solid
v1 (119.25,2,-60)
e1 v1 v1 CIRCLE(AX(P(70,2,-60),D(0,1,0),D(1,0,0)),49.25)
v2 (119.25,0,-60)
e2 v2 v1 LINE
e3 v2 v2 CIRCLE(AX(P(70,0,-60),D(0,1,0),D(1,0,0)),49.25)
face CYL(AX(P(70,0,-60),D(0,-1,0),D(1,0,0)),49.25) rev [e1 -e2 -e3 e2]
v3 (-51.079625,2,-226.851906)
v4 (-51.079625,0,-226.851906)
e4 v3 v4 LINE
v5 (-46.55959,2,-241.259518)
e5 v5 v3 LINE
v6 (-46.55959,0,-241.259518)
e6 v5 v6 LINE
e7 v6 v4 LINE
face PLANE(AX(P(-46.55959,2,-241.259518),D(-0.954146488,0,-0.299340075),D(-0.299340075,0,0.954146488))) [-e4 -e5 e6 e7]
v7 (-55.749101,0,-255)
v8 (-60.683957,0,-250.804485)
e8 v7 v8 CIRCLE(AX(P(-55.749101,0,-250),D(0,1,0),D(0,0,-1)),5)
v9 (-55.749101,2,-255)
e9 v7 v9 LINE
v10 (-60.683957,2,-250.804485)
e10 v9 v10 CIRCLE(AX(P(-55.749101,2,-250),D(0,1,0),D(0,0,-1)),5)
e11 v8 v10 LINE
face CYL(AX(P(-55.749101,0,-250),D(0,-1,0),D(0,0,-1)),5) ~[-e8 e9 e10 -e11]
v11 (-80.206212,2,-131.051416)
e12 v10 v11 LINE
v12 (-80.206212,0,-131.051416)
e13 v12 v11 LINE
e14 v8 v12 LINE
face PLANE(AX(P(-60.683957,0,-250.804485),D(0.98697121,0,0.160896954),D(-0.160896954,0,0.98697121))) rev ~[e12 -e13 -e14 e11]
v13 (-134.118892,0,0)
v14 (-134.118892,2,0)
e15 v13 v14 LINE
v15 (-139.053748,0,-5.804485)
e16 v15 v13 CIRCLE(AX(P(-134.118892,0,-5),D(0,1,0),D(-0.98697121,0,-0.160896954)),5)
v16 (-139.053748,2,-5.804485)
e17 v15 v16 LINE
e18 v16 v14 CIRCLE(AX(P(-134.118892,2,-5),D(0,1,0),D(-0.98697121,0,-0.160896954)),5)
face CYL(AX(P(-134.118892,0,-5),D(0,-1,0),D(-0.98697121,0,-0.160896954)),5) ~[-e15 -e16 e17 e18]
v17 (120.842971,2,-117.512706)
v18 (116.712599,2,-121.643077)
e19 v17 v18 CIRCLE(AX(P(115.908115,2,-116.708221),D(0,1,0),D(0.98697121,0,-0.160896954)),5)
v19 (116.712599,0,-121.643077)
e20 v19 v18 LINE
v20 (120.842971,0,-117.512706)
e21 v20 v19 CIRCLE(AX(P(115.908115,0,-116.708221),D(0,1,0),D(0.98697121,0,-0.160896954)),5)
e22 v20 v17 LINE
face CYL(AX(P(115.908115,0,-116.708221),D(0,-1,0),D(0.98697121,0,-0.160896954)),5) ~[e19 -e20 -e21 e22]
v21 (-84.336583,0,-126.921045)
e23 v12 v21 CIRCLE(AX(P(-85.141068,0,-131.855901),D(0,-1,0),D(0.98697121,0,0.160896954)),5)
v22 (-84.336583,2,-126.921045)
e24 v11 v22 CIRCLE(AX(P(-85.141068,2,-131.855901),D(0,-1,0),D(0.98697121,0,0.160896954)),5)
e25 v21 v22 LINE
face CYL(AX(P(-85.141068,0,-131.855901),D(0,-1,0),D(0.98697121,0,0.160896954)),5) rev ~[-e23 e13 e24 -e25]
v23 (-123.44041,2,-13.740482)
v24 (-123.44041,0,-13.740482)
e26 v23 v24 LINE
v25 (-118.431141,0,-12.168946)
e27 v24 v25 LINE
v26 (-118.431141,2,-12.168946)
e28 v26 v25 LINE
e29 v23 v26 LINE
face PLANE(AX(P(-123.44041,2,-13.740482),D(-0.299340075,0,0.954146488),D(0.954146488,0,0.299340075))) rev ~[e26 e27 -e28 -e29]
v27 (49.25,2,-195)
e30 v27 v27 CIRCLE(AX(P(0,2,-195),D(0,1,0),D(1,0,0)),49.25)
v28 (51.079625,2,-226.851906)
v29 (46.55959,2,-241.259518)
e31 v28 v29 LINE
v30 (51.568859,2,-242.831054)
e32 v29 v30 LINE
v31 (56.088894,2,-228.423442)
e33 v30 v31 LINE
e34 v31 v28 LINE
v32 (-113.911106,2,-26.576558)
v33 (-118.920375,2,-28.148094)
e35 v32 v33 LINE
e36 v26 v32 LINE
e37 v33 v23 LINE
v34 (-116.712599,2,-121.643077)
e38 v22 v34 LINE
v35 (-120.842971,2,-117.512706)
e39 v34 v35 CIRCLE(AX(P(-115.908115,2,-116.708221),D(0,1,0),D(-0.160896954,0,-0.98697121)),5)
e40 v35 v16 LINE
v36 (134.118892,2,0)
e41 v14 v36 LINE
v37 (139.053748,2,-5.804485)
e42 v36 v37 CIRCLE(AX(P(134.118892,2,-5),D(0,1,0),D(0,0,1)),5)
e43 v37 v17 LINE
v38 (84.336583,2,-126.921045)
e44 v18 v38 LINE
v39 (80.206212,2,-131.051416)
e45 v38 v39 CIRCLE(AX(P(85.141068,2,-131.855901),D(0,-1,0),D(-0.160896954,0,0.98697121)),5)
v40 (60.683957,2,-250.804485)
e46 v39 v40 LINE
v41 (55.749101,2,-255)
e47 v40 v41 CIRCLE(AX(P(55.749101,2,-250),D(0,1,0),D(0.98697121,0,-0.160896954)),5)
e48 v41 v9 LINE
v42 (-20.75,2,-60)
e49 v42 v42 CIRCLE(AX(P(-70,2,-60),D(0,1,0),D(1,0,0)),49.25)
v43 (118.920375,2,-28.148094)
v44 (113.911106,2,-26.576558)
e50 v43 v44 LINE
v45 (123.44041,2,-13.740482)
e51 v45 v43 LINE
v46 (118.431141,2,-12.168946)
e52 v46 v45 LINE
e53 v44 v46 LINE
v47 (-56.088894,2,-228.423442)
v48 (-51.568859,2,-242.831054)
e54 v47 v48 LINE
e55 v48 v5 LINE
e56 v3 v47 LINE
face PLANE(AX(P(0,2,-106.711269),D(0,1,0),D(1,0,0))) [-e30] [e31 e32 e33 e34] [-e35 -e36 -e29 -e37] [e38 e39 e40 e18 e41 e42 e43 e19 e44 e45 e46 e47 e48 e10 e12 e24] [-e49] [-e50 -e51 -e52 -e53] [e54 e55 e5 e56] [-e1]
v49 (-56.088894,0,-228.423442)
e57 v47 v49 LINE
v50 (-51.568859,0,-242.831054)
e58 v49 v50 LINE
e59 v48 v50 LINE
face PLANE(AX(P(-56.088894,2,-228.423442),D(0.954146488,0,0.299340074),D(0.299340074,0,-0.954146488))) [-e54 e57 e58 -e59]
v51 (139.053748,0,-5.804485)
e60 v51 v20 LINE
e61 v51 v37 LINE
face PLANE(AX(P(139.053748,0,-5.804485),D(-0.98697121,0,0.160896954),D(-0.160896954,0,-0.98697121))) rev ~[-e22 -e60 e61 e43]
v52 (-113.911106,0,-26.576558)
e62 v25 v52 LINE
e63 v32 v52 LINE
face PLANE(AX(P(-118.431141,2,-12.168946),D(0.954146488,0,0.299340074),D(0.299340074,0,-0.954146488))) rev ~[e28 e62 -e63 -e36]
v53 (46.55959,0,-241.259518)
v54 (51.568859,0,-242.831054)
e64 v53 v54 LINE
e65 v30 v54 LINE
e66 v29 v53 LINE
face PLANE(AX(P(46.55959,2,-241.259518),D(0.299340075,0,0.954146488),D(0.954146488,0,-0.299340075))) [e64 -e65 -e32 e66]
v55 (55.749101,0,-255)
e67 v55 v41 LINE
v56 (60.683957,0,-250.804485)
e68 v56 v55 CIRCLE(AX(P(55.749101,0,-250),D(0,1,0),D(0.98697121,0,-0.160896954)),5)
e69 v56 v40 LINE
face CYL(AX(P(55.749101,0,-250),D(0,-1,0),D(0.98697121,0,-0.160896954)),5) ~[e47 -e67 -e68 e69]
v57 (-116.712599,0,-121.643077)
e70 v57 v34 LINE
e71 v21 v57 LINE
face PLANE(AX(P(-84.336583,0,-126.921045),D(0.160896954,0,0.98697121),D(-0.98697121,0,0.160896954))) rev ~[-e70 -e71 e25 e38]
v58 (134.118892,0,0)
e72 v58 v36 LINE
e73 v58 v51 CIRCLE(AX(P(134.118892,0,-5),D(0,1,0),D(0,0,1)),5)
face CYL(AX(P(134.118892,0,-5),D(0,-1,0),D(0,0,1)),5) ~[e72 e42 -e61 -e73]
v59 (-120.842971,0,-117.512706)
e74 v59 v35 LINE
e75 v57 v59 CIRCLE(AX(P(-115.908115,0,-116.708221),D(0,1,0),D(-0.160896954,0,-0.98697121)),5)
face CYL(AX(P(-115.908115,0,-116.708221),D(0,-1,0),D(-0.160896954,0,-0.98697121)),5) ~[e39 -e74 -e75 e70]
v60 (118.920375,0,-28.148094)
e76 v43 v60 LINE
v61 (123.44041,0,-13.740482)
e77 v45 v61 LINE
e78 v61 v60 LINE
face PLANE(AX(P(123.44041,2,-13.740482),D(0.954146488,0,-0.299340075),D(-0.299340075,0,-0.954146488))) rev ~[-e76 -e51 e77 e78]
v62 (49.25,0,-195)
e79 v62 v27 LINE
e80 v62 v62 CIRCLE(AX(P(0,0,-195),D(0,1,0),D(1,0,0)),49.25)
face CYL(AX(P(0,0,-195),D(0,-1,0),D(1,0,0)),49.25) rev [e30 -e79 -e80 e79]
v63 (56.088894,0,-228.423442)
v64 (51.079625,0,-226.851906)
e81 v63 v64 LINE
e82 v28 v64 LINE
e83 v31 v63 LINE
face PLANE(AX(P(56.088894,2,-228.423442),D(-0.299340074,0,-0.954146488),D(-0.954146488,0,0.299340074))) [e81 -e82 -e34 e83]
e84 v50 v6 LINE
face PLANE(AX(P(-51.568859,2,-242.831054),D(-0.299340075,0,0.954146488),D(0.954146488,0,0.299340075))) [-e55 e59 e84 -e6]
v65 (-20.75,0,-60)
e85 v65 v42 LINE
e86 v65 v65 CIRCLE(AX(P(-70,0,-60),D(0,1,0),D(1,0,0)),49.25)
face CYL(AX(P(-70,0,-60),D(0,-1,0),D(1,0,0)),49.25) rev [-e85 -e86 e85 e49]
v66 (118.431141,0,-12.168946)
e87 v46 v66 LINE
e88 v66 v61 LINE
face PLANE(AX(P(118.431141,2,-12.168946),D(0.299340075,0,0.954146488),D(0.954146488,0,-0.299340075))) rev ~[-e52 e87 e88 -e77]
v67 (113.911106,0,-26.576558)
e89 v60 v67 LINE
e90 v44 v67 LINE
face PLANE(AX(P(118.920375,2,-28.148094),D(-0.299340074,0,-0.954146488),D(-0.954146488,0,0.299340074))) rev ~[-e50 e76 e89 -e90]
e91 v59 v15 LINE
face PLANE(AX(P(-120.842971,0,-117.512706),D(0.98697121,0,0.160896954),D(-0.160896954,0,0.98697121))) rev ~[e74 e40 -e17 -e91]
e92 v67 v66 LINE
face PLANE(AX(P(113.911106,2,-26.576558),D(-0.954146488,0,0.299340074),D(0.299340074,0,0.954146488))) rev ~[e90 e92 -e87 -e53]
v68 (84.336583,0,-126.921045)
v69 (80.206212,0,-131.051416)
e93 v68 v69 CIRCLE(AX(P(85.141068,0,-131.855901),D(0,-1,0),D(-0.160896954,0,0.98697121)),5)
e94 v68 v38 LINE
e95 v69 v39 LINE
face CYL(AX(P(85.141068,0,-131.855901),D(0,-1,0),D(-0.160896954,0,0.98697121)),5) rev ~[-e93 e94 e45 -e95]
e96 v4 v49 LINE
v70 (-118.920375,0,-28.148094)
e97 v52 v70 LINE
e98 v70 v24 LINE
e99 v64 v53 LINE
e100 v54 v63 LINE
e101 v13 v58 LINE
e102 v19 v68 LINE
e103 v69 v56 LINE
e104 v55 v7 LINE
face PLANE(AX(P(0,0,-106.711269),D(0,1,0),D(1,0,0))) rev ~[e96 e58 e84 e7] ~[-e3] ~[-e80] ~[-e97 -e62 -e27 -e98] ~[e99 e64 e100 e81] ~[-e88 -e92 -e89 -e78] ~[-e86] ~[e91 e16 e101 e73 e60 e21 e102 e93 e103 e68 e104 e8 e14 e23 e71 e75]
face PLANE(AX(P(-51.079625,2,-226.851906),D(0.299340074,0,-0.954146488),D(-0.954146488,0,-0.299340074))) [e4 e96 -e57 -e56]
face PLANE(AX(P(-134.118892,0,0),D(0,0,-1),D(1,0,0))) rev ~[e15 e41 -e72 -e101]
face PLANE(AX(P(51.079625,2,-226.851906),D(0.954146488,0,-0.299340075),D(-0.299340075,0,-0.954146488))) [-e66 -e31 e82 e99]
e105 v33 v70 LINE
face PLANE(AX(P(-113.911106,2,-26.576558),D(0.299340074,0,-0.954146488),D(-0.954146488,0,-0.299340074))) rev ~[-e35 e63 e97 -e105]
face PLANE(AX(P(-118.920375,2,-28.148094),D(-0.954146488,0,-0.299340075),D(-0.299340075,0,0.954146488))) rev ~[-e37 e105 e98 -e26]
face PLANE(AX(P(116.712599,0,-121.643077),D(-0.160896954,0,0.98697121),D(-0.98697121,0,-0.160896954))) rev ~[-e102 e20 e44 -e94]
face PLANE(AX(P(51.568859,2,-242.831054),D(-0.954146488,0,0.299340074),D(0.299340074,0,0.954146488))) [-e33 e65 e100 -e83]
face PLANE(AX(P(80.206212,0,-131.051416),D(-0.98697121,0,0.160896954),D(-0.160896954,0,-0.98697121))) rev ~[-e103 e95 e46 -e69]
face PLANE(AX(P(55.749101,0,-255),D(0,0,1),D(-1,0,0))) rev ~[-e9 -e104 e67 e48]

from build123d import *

# Parameters (mm, degrees)
SKETCH1_R           = 49.25
BOSS_EXTRUDE1_DEPTH = 2
CUT_EXTRUDE1_DEPTH  = 5


with BuildPart() as part:
    # Sketch1 → Boss-Extrude1 (new body)
    with BuildSketch(Plane(origin=(0, 0, 0), x_dir=(1, 0, 0), z_dir=(0, 1, 0))):
        with BuildLine():
            Line((-134.118891506, 0), (134.118891506, 0))
            ThreePointArc((134.118891506, 0), (137.928249972, 1.76136015), (139.053747558, 5.804484769))
            Line((139.053747558, 5.804484769), (120.84297072, 117.512705691))
            ThreePointArc((120.84297072, 117.512705691), (119.443648574, 120.243754828), (116.712599437, 121.643076974))
            Line((116.712599437, 121.643076974), (84.336583334, 126.921044874))
            ThreePointArc((84.336583334, 126.921044874), (81.605534197, 128.32036702), (80.206212051, 131.051416157))
            Line((80.206212051, 131.051416157), (60.683956749, 250.804484769))
            ThreePointArc((60.683956749, 250.804484769), (58.987740546, 253.809358466), (55.749100697, 255))
            Line((55.749100697, 255), (-55.749100697, 255))
            ThreePointArc((-55.749100697, 255), (-58.987740546, 253.809358466), (-60.683956749, 250.804484769))
            Line((-60.683956749, 250.804484769), (-80.206212051, 131.051416157))
            ThreePointArc((-80.206212051, 131.051416157), (-81.605534197, 128.32036702), (-84.336583334, 126.921044874))
            Line((-84.336583334, 126.921044874), (-116.712599437, 121.643076974))
            ThreePointArc((-116.712599437, 121.643076974), (-119.443648574, 120.243754828), (-120.84297072, 117.512705691))
            Line((-120.84297072, 117.512705691), (-139.053747558, 5.804484769))
            ThreePointArc((-139.053747558, 5.804484769), (-137.928249972, 1.76136015), (-134.118891506, 0))
        make_face()
        with Locations((0, 195)):
            Circle(SKETCH1_R, mode=Mode.SUBTRACT)
        with Locations((-70, 60)):
            Circle(SKETCH1_R, mode=Mode.SUBTRACT)
        with Locations((70, 60)):
            Circle(SKETCH1_R, mode=Mode.SUBTRACT)
    extrude(amount=BOSS_EXTRUDE1_DEPTH)

    # Sketch2 → Cut-Extrude1 (cut)
    with BuildSketch(Plane(origin=(0, 2, 0), x_dir=(1, 0, 0), z_dir=(0, 1, 0))):
        Polygon((-56.088893707, 228.423441568), (-51.568858582, 242.831053531), (-46.559589522, 241.259518139), (-51.079624647, 226.851906177), align=None)
        Polygon((-118.431141418, 12.168946469), (-113.911106293, 26.576558432), (-118.920375353, 28.148093823), (-123.440410478, 13.740481861), align=None)
        Polygon((123.440410478, 13.740481861), (118.920375353, 28.148093823), (113.911106293, 26.576558432), (118.431141418, 12.168946469), align=None)
        Polygon((51.079624647, 226.851906177), (46.559589522, 241.259518139), (51.568858582, 242.831053531), (56.088893707, 228.423441568), align=None)
    extrude(amount=-CUT_EXTRUDE1_DEPTH, mode=Mode.SUBTRACT)


solid = part.part
